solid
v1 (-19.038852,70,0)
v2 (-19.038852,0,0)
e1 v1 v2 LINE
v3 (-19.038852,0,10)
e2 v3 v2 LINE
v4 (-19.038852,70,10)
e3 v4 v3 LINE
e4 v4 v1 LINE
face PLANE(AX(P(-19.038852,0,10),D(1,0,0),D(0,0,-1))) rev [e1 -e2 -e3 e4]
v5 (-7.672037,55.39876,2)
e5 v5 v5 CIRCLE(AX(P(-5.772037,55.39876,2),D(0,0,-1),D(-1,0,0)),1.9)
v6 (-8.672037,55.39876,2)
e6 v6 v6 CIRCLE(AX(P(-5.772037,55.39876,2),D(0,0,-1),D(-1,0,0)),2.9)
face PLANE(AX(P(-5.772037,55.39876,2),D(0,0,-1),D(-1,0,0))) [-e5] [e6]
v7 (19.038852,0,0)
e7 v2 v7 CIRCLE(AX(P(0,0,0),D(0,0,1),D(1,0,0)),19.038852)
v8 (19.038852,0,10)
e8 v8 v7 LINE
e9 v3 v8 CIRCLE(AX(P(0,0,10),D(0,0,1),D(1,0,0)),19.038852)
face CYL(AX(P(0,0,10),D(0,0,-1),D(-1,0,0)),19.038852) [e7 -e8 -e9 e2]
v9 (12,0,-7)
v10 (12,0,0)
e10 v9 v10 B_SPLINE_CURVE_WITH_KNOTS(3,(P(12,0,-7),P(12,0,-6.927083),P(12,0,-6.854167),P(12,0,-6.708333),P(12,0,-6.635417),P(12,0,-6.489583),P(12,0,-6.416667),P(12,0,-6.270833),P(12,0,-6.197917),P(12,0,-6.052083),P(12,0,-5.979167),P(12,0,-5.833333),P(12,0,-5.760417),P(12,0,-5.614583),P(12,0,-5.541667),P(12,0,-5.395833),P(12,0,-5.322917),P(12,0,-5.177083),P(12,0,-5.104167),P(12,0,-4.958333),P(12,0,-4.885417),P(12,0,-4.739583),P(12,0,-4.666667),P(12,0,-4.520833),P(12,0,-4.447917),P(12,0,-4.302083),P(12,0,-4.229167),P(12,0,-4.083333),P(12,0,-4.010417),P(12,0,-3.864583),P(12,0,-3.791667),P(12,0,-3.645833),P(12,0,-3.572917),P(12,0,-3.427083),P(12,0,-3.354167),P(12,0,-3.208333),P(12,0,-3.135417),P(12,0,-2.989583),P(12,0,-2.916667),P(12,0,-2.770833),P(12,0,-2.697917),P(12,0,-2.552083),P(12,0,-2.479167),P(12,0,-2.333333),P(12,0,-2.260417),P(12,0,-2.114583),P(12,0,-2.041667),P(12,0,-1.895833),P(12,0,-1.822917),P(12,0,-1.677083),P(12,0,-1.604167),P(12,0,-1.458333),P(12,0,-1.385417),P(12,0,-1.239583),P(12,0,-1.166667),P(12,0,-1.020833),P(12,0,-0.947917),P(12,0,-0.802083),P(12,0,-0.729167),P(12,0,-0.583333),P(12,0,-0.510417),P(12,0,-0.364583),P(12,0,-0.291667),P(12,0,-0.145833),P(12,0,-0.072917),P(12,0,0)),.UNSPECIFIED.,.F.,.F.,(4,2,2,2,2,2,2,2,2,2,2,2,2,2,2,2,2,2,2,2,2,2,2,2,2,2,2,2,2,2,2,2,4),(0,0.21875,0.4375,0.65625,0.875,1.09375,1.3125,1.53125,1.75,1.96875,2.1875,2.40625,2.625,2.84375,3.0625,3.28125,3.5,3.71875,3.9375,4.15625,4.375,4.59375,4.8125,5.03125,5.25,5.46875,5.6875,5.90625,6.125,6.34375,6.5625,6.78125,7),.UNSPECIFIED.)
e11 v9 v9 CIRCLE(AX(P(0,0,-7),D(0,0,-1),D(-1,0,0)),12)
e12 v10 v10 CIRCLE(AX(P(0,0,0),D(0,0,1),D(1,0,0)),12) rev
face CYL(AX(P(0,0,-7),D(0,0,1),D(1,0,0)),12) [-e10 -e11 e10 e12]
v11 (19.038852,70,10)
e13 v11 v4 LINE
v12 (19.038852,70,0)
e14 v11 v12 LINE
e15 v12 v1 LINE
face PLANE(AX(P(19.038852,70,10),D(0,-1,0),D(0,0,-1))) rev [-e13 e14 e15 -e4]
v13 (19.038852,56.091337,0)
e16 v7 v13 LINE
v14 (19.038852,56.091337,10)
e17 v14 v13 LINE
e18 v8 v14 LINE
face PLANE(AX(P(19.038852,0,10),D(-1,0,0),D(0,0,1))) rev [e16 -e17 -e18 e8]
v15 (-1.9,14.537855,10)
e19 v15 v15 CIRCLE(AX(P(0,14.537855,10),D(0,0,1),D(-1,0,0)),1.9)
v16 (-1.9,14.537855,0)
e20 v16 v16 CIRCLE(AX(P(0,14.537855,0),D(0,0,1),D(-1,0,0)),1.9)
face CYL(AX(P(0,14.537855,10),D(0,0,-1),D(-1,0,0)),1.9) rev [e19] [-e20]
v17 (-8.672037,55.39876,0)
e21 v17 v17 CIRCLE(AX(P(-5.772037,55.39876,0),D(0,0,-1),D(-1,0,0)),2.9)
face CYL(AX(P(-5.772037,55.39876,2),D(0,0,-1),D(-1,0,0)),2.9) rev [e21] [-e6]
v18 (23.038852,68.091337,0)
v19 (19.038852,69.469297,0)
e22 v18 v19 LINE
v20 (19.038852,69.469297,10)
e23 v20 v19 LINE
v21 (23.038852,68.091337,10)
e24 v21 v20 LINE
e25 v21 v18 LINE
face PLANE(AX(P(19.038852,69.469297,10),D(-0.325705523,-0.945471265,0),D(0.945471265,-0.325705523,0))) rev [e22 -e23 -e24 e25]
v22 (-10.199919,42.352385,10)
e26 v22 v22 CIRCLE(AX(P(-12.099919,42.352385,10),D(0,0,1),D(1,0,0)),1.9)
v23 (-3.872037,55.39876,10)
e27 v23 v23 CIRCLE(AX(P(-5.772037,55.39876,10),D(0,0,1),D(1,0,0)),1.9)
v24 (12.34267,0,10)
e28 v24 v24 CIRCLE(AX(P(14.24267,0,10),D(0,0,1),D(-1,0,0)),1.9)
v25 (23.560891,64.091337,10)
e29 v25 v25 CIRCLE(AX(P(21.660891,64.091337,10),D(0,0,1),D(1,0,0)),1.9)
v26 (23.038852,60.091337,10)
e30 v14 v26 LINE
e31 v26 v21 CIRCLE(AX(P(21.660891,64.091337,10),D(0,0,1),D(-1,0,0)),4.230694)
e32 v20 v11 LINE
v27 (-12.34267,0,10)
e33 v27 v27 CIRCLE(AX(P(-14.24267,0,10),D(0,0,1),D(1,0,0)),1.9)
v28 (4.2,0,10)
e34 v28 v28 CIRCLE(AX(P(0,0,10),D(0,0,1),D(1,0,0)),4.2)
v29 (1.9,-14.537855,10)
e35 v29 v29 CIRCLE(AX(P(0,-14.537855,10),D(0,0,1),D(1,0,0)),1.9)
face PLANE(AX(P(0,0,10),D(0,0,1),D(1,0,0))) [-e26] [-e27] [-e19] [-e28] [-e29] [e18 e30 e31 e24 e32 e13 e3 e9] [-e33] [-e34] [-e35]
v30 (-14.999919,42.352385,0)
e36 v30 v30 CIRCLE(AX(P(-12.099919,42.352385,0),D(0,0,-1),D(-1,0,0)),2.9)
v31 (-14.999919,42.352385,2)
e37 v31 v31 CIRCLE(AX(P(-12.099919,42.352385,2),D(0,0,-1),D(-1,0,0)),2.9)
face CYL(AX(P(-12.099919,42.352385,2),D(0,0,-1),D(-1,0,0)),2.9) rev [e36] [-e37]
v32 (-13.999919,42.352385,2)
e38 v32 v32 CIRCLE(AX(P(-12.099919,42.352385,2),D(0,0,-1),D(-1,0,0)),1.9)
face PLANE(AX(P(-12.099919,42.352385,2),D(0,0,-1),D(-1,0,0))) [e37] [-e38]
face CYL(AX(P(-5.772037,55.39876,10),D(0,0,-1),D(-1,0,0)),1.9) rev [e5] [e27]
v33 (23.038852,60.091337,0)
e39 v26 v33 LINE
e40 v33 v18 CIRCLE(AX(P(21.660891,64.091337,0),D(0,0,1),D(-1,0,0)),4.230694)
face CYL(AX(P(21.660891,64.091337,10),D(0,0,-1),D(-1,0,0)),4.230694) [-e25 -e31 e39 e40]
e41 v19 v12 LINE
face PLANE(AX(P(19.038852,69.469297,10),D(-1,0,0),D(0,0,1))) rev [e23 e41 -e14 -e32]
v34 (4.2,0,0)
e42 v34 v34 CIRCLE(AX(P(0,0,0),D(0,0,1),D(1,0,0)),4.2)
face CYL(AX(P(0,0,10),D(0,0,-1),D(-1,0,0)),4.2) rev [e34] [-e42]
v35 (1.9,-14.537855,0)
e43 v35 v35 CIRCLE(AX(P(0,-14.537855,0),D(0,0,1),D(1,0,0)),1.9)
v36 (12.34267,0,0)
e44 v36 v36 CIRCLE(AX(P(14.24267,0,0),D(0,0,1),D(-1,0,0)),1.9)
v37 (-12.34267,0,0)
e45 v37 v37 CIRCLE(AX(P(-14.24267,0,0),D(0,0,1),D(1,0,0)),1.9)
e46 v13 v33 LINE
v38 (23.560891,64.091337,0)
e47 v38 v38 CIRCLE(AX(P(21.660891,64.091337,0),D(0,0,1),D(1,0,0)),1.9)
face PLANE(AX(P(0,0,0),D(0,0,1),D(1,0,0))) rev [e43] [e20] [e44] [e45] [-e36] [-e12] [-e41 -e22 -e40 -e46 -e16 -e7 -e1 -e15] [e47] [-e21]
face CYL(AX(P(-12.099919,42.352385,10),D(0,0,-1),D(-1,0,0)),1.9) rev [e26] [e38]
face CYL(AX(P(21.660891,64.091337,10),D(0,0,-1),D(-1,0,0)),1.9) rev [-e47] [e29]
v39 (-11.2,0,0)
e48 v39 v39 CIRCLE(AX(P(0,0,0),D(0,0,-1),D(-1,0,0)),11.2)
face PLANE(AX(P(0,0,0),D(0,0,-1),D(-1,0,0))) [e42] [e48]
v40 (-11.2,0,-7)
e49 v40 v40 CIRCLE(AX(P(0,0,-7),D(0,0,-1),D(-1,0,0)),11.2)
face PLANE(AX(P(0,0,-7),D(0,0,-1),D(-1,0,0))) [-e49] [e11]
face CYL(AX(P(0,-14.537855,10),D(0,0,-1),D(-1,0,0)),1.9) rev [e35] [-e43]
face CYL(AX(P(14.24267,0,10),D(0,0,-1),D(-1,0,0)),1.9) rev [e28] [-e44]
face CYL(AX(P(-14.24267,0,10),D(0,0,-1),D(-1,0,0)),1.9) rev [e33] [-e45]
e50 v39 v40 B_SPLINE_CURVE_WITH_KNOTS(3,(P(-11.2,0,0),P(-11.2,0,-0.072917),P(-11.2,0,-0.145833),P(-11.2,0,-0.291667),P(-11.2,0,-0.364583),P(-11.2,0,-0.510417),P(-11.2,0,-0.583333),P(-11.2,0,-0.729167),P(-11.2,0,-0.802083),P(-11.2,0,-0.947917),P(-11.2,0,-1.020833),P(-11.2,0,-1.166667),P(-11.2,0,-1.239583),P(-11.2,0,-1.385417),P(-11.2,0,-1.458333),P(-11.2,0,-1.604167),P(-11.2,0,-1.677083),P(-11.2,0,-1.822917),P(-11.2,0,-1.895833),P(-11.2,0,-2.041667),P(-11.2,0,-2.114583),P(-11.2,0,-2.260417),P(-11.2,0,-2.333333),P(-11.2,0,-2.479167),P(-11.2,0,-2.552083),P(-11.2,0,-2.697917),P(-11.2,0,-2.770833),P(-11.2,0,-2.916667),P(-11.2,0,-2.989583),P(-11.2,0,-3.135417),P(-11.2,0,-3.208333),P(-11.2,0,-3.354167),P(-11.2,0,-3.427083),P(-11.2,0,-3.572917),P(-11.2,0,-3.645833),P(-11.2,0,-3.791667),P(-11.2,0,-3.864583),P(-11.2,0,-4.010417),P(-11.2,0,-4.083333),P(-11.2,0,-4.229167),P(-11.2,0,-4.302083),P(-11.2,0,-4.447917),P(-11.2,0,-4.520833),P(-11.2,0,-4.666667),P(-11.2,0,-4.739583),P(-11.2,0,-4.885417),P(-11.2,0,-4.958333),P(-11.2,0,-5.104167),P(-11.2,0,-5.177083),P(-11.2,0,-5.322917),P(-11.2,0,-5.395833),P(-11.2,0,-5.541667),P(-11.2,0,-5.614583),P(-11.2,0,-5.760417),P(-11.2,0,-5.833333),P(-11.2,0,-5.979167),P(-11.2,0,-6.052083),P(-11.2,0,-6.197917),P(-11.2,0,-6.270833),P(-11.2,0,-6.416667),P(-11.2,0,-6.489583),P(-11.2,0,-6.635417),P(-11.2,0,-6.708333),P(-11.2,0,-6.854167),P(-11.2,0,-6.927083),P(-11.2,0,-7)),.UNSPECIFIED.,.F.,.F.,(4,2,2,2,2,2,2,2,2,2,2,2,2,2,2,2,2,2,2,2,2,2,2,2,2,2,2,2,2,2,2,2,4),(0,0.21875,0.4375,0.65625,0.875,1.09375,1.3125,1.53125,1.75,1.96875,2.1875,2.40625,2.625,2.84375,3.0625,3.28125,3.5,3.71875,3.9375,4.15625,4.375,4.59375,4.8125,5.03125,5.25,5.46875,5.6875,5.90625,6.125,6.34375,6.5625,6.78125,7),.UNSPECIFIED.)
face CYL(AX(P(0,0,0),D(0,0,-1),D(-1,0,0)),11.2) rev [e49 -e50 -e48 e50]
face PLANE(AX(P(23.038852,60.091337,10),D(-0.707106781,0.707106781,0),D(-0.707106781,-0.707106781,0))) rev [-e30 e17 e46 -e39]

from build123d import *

# Parameters (mm, degrees)
SKETCH1_R           = 1.9
SKETCH1_R_2         = 4.2
BOSS_EXTRUDE1_DEPTH = 10
SKETCH2_R           = 12
BOSS_EXTRUDE2_DEPTH = 7
SKETCH3_R           = 11.2
CUT_EXTRUDE1_DEPTH  = 7
SKETCH4_R           = 2.9
CUT_EXTRUDE2_DEPTH  = 2


with BuildPart() as part:
    # Sketch1 → Boss-Extrude1 (new body)
    with BuildSketch(Plane(origin=(0, 0, 0), x_dir=(0, 1, 0), z_dir=(0, 0, 1))):
        with BuildLine():
            Line((0, 19.038851754), (70, 19.038851754))
            Line((70, 19.038851754), (70, -19.038851754))
            Line((70, -19.038851754), (69.469297143, -19.038851754))
            Line((69.469297143, -19.038851754), (68.091336606, -23.038851754))
            ThreePointArc((68.091336606, -23.038851754), (64.091336606, -25.891585633), (60.091336606, -23.038851754))
            Line((60.091336606, -23.038851754), (56.091336606, -19.038851754))
            Line((56.091336606, -19.038851754), (0, -19.038851754))
            ThreePointArc((0, -19.038851754), (-19.038851754, 0), (0, 19.038851754))
        make_face()
        with Locations(Location((0, 14.242669761, 0), (0, 0, 270))):
            Circle(SKETCH1_R, mode=Mode.SUBTRACT)
        with Locations(Location((0, 0, 0), (0, 0, 270))):
            Circle(SKETCH1_R_2, mode=Mode.SUBTRACT)
        with Locations(Location((0, -14.242669761, 0), (0, 0, 90))):
            Circle(SKETCH1_R, mode=Mode.SUBTRACT)
        with Locations(Location((-14.537854627, 0, 0), (0, 0, 270))):
            Circle(SKETCH1_R, mode=Mode.SUBTRACT)
        with Locations(Location((14.537854627, 0, 0), (0, 0, 90))):
            Circle(SKETCH1_R, mode=Mode.SUBTRACT)
        with Locations(Location((64.091336606, -21.660891217, 0), (0, 0, 270))):
            Circle(SKETCH1_R, mode=Mode.SUBTRACT)
        with Locations(Location((42.352384866, 12.099919194, 0), (0, 0, 270))):
            Circle(SKETCH1_R, mode=Mode.SUBTRACT)
        with Locations(Location((55.398759947, 5.77203667, 0), (0, 0, 270))):
            Circle(SKETCH1_R, mode=Mode.SUBTRACT)
    extrude(amount=BOSS_EXTRUDE1_DEPTH)

    # Sketch2 → Boss-Extrude2 (add)
    with BuildSketch(Plane(origin=(0, 0, 0), x_dir=(1, 0, 0), z_dir=(0, 0, -1))):
        Circle(SKETCH2_R)
    extrude(amount=BOSS_EXTRUDE2_DEPTH)

    # Sketch3 → Cut-Extrude1 (cut)
    with BuildSketch(Plane(origin=(0, 0, -7), x_dir=(1, 0, 0), z_dir=(0, 0, -1))):
        with Locations(Location((0, 0, 0), (0, 0, 180))):
            Circle(SKETCH3_R)
    extrude(amount=-CUT_EXTRUDE1_DEPTH, mode=Mode.SUBTRACT)

    # Sketch4 → Cut-Extrude2 (cut)
    with BuildSketch(Plane(origin=(0, 0, 0), x_dir=(1, 0, 0), z_dir=(0, 0, -1))):
        with Locations(Location((-12.099919194, -42.352384866, 0), (0, 0, 180))):
            Circle(SKETCH4_R)
        with Locations(Location((-5.77203667, -55.398759947, 0), (0, 0, 180))):
            Circle(SKETCH4_R)
    extrude(amount=-CUT_EXTRUDE2_DEPTH, mode=Mode.SUBTRACT)


solid = part.part
